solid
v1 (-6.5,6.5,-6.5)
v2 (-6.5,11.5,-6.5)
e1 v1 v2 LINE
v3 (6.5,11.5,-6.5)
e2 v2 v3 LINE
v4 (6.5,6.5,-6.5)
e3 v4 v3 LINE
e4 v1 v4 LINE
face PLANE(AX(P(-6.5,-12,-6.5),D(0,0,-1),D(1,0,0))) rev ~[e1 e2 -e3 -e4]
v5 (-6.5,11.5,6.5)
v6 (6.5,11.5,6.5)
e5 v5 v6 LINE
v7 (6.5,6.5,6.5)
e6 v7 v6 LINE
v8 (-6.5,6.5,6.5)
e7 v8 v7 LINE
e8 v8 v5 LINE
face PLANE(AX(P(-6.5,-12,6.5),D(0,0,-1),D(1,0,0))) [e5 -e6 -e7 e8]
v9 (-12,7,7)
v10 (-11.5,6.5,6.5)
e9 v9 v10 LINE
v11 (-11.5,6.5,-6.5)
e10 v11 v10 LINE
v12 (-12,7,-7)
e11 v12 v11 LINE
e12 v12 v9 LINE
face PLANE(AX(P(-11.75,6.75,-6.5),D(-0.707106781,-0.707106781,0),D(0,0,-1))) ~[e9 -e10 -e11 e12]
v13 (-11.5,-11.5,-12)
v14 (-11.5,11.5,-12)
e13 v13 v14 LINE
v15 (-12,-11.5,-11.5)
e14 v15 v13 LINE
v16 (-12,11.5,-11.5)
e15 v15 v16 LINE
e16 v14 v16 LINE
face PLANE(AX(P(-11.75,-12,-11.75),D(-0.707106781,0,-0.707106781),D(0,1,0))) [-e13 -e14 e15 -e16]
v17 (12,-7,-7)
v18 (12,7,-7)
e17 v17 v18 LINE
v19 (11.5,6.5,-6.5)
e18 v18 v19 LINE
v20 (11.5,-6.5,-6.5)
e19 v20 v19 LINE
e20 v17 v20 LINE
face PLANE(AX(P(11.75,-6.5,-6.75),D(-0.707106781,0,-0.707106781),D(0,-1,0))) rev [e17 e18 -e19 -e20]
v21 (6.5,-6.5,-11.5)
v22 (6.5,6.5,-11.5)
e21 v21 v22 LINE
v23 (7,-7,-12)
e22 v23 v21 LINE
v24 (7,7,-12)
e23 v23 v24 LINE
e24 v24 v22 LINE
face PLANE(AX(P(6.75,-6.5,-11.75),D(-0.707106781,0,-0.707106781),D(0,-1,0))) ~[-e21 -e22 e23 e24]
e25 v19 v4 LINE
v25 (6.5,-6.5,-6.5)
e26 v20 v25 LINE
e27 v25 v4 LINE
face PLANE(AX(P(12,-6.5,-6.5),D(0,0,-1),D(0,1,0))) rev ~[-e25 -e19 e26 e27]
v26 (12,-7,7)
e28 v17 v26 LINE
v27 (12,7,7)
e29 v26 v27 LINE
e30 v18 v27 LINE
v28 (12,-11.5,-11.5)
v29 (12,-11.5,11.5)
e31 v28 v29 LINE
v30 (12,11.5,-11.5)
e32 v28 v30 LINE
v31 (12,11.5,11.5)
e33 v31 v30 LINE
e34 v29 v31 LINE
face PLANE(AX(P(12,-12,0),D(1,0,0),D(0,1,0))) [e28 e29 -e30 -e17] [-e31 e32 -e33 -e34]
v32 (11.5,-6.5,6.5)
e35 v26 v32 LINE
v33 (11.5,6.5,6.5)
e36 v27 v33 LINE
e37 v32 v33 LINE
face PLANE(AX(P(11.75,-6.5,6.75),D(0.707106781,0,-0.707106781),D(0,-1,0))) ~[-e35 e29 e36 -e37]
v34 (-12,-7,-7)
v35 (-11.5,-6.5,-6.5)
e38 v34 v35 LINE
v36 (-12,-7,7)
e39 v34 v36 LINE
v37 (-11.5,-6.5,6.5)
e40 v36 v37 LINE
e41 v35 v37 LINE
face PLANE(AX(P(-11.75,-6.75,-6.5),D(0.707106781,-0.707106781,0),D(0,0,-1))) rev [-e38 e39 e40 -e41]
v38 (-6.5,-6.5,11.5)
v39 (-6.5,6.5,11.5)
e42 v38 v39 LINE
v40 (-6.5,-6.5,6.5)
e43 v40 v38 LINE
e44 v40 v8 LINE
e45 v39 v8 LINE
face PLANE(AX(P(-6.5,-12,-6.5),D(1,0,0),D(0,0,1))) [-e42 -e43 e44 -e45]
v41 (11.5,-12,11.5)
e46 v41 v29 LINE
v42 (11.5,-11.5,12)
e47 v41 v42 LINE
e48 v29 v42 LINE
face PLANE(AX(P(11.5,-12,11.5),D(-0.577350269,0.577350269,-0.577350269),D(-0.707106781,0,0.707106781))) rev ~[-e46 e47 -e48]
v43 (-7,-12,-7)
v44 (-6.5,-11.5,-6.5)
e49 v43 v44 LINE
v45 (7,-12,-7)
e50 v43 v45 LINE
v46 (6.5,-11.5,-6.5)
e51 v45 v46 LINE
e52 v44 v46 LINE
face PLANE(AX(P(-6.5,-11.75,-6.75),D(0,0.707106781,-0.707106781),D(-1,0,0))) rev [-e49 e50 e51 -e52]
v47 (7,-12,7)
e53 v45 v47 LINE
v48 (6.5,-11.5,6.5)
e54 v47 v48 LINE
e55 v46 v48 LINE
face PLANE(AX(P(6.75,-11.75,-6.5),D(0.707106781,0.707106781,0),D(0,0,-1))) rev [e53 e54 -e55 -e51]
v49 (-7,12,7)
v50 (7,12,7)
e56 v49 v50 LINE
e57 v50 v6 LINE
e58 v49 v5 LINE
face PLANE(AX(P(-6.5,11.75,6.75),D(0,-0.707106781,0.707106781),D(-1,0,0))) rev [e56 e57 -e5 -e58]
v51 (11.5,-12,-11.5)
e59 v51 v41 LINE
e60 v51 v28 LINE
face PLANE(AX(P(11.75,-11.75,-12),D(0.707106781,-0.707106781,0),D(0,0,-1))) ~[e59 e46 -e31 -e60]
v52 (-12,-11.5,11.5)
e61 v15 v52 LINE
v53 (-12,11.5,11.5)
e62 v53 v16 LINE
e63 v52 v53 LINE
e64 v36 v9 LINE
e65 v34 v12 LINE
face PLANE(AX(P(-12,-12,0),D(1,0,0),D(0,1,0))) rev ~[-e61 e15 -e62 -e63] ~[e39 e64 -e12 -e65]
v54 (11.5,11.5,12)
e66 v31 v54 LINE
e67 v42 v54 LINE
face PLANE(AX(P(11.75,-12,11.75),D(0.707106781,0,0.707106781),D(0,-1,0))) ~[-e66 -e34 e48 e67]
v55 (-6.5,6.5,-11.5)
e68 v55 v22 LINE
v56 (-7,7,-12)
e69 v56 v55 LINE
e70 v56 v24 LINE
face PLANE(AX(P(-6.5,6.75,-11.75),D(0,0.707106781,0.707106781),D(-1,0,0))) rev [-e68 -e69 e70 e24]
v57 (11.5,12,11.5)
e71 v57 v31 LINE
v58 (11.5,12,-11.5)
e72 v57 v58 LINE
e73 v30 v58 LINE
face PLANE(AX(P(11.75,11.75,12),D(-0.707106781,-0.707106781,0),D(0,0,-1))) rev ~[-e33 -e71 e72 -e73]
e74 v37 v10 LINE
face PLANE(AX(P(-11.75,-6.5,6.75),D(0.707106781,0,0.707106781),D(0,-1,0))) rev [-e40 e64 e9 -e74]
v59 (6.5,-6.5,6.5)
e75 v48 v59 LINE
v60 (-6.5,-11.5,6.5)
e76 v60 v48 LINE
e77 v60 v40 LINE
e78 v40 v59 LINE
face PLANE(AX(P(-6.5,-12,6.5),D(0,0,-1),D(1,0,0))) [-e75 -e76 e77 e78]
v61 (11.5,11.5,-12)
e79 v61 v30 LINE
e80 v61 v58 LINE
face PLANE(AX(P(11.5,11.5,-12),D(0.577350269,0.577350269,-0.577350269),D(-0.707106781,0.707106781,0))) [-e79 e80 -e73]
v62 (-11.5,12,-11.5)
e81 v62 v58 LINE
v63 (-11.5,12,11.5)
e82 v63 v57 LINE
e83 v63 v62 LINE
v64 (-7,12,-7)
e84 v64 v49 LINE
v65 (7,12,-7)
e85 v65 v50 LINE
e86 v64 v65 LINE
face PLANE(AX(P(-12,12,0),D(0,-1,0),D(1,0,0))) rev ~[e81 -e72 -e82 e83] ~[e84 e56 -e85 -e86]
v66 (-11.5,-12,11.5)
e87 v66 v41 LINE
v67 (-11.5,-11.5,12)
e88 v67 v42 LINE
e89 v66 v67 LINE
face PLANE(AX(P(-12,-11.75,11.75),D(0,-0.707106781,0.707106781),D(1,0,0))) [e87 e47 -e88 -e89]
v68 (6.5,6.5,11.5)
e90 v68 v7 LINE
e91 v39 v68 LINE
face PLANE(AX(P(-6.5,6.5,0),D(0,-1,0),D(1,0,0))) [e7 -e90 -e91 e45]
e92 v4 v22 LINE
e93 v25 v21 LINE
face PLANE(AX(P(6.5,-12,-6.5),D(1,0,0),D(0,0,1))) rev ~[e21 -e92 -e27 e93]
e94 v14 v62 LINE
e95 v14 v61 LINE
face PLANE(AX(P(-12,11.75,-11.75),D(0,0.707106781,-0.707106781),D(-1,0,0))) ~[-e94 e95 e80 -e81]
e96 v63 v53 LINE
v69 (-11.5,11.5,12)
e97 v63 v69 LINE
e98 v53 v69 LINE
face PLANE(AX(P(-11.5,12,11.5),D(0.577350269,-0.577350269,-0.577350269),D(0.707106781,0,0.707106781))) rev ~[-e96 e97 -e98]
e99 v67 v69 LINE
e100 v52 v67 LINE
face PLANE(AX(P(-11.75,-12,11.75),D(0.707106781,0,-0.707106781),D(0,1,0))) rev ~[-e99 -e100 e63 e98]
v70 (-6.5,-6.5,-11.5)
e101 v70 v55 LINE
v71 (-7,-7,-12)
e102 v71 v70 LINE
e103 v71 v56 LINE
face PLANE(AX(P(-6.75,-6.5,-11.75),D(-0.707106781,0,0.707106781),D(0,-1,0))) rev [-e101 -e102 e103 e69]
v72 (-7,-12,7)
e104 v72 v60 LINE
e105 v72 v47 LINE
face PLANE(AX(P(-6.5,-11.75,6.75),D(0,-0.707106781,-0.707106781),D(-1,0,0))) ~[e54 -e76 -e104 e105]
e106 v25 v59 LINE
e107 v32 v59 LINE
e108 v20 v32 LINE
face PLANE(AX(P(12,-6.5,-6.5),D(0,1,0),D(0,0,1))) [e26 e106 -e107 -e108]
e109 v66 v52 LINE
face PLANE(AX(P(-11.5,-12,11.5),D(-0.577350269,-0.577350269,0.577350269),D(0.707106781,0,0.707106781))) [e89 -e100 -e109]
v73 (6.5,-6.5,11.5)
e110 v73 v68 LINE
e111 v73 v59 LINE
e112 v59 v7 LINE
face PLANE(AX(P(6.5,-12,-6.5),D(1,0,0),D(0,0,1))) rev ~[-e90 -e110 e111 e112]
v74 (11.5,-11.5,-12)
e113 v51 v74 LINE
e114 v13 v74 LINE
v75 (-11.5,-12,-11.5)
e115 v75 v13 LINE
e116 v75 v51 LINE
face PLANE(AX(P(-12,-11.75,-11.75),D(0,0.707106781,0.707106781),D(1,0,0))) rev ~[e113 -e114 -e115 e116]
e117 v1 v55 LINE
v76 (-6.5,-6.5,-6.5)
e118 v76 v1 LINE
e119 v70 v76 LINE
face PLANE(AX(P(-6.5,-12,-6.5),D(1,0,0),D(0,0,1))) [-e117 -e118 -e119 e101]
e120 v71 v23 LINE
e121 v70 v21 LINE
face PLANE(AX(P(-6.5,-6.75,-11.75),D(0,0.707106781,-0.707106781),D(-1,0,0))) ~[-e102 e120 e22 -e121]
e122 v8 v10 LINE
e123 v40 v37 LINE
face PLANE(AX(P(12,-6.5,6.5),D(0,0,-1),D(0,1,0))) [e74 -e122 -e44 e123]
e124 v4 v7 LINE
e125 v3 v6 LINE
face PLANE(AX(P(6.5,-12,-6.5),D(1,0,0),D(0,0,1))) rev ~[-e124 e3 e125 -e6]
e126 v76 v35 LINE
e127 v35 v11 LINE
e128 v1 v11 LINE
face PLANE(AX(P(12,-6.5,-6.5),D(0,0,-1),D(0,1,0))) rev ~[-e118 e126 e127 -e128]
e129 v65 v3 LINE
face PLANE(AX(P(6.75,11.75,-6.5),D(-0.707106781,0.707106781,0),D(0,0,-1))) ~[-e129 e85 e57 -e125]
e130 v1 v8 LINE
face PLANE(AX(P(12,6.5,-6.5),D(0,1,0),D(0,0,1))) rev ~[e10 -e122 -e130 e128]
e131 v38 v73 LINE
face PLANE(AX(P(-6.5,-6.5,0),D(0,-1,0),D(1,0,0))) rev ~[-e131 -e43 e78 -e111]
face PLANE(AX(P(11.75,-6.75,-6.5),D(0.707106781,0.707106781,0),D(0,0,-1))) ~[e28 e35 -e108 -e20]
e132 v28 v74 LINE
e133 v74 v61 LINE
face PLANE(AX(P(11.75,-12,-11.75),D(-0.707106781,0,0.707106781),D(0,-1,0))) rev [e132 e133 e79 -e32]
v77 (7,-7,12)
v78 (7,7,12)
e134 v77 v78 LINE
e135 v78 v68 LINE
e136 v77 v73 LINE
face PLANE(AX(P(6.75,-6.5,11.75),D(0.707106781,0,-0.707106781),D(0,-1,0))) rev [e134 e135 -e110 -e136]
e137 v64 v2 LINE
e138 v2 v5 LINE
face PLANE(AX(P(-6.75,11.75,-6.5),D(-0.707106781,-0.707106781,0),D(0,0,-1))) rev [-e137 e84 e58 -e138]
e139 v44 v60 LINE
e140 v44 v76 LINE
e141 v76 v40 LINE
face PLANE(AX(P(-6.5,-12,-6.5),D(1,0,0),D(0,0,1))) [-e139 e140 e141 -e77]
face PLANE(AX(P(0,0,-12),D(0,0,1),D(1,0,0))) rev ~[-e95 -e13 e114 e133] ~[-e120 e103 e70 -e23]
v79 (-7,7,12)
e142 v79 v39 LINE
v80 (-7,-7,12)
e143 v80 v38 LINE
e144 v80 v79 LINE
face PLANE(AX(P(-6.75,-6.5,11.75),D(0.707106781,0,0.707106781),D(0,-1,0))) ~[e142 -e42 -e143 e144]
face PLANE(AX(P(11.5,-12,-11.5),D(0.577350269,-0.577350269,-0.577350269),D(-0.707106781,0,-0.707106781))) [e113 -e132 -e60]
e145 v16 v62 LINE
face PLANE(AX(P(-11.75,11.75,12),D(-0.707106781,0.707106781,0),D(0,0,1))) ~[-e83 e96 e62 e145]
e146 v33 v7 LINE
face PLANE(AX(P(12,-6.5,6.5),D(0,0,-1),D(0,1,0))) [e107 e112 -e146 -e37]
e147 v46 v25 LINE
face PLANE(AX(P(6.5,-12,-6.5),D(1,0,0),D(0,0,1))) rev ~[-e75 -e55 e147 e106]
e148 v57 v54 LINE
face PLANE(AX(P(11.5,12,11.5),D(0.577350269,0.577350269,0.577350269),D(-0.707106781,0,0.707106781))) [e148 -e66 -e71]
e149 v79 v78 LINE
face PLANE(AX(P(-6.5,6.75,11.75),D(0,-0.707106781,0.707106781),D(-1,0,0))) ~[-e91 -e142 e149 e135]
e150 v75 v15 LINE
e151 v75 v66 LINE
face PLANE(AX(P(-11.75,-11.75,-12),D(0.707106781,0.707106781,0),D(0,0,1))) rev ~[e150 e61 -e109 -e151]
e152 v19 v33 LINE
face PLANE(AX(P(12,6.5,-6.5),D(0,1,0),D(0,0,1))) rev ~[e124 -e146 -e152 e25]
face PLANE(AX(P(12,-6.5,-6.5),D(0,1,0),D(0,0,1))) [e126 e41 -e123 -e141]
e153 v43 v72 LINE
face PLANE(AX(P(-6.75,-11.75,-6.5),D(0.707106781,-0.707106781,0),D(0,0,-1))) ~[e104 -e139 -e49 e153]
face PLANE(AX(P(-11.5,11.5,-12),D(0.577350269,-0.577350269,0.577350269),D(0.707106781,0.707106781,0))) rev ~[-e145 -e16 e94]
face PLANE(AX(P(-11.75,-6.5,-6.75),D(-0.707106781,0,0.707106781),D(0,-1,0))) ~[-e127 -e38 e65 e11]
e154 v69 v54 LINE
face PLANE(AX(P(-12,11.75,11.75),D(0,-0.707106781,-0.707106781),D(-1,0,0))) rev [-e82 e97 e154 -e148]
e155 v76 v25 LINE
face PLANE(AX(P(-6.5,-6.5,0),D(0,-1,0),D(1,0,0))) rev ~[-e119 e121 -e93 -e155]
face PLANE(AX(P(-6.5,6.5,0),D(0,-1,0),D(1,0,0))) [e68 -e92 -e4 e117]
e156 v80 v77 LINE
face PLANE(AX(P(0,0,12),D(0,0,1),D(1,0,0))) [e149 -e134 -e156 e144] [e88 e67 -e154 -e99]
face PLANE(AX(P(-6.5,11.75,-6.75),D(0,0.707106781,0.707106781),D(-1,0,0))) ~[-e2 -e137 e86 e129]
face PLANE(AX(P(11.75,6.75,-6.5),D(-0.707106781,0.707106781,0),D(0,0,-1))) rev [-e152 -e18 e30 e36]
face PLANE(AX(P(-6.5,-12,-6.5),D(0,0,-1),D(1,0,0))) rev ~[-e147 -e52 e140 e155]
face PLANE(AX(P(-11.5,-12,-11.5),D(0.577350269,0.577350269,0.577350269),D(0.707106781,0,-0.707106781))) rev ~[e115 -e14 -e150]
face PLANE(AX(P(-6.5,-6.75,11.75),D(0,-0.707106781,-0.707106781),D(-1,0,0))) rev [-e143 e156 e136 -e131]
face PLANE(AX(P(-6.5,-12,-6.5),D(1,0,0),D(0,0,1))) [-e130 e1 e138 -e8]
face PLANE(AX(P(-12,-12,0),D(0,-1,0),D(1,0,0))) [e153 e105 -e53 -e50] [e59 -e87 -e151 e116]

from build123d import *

# Parameters (mm, degrees)
F0_W          = 24
F0_H          = 24
F0_W_2        = 13
F0_H_2        = 13
F1_DEPTH      = 12
F1_DEPTH_BACK = 12
F2_W          = 13
F2_H          = 13
F3_DEPTH      = 24.001
F4_W          = 13
F4_H          = 13
F5_DEPTH      = 24.001
F6_SIZE       = 0.5


with BuildPart() as f1:
    # F0 (on Top) → F1 (new body, two sides)
    with BuildSketch(Plane.XY) as f1_sk:
        Rectangle(F0_W, F0_H)
        Rectangle(F0_W_2, F0_H_2, mode=Mode.SUBTRACT)
    extrude(amount=F1_DEPTH)
    extrude(f1_sk.sketch, amount=-F1_DEPTH_BACK)

    # F2 (on face) → F3 (cut, through all)
    with BuildSketch(Plane.XZ.offset(12)):
        Rectangle(F2_W, F2_H)
    extrude(amount=-F3_DEPTH, mode=Mode.SUBTRACT)

    # F4 (on face) → F5 (cut, through all)
    with BuildSketch(Plane.YZ.offset(12)):
        Rectangle(F4_W, F4_H)
    extrude(amount=-F5_DEPTH, mode=Mode.SUBTRACT)

    # F6
    f6_edges = [f1.edges().sort_by_distance(p)[0] for p in [
        (-12, 0, 12),
        (-12, 12, 0),
        (-12, 0, -12),
        (-12, -12, 0),
        (12, 0, 12),
        (12, 12, 0),
        (12, 0, -12),
        (12, -12, 0),
        (0, 12, -12),
        (0, 12, 12),
        (0, -12, -12),
        (0, -12, 12),
        (6.5, 0, 12),
        (0, 6.5, 12),
        (-6.5, 0, 12),
        (0, -6.5, 12),
        (6.5, -12, 0),
        (0, -12, 6.5),
        (-6.5, -12, 0),
        (0, -12, -6.5),
        (12, -6.5, 0),
        (12, 0, 6.5),
        (12, 6.5, 0),
        (12, 0, -6.5),
        (6.5, 12, 0),
        (0, 12, 6.5),
        (-6.5, 12, 0),
        (0, 12, -6.5),
        (0, 6.5, -12),
        (6.5, 0, -12),
        (0, -6.5, -12),
        (-6.5, 0, -12),
        (-12, 0, -6.5),
        (-12, 6.5, 0),
        (-12, 0, 6.5),
        (-12, -6.5, 0),
    ]]
    chamfer(f6_edges, length=F6_SIZE)


solid = f1.part
